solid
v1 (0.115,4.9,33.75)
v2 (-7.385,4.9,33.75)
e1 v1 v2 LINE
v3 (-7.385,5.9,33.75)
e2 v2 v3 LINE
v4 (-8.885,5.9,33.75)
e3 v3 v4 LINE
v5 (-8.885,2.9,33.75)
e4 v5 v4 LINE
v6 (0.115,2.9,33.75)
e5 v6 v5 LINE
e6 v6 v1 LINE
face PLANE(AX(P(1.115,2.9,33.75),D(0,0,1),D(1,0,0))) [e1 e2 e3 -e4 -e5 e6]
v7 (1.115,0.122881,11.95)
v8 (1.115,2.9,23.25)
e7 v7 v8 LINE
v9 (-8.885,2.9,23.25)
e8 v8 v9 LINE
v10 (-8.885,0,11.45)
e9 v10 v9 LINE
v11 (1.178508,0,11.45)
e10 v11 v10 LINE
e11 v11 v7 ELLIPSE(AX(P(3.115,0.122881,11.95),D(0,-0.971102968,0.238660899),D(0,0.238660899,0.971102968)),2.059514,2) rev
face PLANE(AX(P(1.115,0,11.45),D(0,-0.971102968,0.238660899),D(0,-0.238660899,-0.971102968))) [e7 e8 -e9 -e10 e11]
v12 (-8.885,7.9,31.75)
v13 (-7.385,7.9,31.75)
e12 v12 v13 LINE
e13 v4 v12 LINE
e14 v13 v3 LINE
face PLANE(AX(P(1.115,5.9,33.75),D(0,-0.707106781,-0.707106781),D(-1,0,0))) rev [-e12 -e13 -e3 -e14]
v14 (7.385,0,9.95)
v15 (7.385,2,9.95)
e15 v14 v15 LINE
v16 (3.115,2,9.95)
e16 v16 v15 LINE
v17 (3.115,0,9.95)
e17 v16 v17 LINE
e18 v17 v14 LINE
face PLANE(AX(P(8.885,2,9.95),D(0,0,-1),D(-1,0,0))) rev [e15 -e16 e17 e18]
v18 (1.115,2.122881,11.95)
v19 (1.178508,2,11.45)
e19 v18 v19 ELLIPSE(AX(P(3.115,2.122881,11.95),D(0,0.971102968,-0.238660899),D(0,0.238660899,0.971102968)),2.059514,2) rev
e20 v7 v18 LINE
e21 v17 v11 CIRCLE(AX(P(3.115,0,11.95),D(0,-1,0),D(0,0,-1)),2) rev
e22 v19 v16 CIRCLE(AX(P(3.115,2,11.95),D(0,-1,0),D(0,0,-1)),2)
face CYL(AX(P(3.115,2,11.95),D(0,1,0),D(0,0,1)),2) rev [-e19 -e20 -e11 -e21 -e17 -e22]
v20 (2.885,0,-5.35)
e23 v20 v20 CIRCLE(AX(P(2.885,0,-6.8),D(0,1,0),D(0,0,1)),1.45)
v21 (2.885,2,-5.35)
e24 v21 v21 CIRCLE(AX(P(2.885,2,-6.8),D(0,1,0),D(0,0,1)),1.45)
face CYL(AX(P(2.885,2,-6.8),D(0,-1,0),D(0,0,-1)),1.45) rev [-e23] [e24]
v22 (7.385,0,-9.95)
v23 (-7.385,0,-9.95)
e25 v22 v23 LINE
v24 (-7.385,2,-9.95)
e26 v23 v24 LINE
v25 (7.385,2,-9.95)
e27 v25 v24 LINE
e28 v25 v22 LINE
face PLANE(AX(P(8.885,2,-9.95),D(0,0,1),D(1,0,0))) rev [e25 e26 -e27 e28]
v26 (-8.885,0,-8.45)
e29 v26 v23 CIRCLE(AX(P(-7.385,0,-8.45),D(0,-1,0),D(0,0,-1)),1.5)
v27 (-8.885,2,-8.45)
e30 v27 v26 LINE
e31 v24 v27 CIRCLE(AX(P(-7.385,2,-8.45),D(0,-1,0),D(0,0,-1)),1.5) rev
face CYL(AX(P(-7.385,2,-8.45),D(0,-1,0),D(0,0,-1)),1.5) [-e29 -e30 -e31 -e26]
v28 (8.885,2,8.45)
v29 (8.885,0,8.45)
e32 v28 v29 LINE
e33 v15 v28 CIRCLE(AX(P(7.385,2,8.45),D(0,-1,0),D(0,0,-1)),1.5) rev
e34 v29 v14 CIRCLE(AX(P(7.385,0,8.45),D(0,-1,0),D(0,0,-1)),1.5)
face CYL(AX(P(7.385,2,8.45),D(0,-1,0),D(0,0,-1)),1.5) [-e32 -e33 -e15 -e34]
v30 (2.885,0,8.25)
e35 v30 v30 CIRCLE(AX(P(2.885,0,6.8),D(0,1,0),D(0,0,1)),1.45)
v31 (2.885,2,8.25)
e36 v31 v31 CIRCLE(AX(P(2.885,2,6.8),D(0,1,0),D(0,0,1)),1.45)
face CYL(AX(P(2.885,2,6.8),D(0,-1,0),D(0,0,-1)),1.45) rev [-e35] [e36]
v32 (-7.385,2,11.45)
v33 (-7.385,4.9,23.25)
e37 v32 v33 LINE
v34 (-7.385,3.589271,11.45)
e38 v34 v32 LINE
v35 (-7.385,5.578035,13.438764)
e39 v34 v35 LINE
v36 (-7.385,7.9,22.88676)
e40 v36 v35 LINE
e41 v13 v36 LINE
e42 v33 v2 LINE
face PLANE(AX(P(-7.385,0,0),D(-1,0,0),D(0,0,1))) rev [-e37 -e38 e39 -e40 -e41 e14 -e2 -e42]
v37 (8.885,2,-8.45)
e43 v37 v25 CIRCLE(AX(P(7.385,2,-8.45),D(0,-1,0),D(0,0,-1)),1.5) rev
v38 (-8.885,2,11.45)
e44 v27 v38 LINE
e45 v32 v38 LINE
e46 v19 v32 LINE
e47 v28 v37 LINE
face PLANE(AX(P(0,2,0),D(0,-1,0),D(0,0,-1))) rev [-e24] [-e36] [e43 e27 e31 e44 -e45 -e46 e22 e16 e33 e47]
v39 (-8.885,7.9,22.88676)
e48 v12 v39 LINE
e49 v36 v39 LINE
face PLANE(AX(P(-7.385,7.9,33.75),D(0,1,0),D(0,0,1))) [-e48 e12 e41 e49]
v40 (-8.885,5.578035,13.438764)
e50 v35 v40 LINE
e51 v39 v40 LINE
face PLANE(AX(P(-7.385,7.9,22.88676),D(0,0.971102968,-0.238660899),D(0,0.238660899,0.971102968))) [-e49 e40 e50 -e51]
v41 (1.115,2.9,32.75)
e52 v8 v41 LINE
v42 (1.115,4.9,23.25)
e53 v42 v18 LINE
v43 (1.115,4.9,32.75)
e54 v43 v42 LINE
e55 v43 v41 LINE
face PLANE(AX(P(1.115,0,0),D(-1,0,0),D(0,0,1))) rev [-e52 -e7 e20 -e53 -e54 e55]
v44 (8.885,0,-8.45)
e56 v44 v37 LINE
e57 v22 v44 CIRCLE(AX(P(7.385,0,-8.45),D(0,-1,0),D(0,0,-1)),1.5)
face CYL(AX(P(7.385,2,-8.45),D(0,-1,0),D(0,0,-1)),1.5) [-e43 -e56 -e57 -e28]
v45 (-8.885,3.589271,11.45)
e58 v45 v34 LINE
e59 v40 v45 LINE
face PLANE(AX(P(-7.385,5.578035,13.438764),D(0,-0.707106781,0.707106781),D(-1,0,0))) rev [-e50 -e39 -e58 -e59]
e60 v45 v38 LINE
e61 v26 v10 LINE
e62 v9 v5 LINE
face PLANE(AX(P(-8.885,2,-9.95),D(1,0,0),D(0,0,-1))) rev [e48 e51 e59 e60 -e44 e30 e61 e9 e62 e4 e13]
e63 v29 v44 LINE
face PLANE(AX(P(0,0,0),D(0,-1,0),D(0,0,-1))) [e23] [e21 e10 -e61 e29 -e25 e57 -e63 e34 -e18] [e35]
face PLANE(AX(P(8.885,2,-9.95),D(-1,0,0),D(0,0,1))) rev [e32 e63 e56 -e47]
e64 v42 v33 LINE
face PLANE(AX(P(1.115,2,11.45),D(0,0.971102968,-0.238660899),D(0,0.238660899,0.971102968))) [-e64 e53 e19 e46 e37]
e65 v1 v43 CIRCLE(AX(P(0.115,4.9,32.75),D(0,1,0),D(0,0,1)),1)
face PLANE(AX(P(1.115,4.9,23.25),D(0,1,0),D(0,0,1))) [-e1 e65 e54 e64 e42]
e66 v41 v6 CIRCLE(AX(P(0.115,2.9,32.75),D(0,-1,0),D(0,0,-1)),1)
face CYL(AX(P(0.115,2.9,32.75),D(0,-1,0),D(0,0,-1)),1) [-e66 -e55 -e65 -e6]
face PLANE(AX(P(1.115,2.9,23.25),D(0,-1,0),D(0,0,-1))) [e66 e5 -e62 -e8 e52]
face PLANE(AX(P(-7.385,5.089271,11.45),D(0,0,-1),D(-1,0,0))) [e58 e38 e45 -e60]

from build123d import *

# Parameters (mm, degrees)
SKETCH1_W           = 17.77
SKETCH1_H           = 19.9
SKETCH1_R           = 1.45
BOSS_EXTRUDE1_DEPTH = 2
BOSS_EXTRUDE2_DEPTH = 10
BOSS_EXTRUDE4_DEPTH = 1.5
CHAMFER1_SIZE       = 2
CHAMFER2_SIZE       = 1.5
CHAMFER2_SIZE2      = 2.047943534
FILLET1_R           = 1.5
FILLET2_R           = 1
FILLET3_R           = 2


with BuildPart() as part:
    # Sketch1 → Boss-Extrude1 (new body)
    with BuildSketch(Plane(origin=(0, 0, 0), x_dir=(1, 0, 0), z_dir=(0, 1, 0))):
        Rectangle(SKETCH1_W, SKETCH1_H)
        with Locations(Location((2.885, 6.8, 0), (0, 0, 270))):
            Circle(SKETCH1_R, mode=Mode.SUBTRACT)
        with Locations(Location((2.885, -6.8, 0), (0, 0, 270))):
            Circle(SKETCH1_R, mode=Mode.SUBTRACT)
    extrude(amount=BOSS_EXTRUDE1_DEPTH)

    # Sketch2 → Boss-Extrude2 (add)
    with BuildSketch(Plane.ZY.offset(8.885)):
        Polygon((9.95, 2), (11.45, 2), (23.25, 4.9), (33.75, 4.9), (33.75, 2.9), (23.25, 2.9), (11.45, 0), (9.95, 0), align=None)
    extrude(amount=-BOSS_EXTRUDE2_DEPTH)

    # Sketch4 → Boss-Extrude4 (add)
    with BuildSketch(Plane.ZY.offset(8.885)):
        Polygon((33.75, 4.9), (23.25, 4.9), (11.45, 2), (11.45, 5.089270755), (22.886760378, 7.9), (33.75, 7.9), align=None)
    extrude(amount=-BOSS_EXTRUDE4_DEPTH)

    # Chamfer1
    chamfer1_edges = [part.edges().sort_by_distance(p)[0] for p in [
        (-8.135, 7.9, 33.75),
    ]]
    chamfer(chamfer1_edges, length=CHAMFER1_SIZE)

    # Chamfer2
    chamfer2_edges = [part.edges().sort_by_distance(p)[0] for p in [
        (-8.135, 5.089270755, 11.45),
    ]]
    chamfer2_side = [part.faces().sort_by_distance(p)[0] for p in [
        (-8.135, 3.544635377, 11.45),
    ]]
    chamfer(chamfer2_edges, length=CHAMFER2_SIZE, length2=CHAMFER2_SIZE2, reference=chamfer2_side[0])

    # Fillet1
    fillet1_edges = [part.edges().sort_by_distance(p)[0] for p in [
        (-8.885, 1, -9.95),
        (8.885, 1, -9.95),
        (8.885, 1, 9.95),
    ]]
    fillet(fillet1_edges, radius=FILLET1_R)

    # Fillet2
    fillet2_edges = [part.edges().sort_by_distance(p)[0] for p in [
        (1.115, 3.9, 33.75),
    ]]
    fillet(fillet2_edges, radius=FILLET2_R)

    # Fillet3
    fillet3_edges = [part.edges().sort_by_distance(p)[0] for p in [
        (1.115, 1, 9.95),
    ]]
    fillet(fillet3_edges, radius=FILLET3_R)


solid = part.part
